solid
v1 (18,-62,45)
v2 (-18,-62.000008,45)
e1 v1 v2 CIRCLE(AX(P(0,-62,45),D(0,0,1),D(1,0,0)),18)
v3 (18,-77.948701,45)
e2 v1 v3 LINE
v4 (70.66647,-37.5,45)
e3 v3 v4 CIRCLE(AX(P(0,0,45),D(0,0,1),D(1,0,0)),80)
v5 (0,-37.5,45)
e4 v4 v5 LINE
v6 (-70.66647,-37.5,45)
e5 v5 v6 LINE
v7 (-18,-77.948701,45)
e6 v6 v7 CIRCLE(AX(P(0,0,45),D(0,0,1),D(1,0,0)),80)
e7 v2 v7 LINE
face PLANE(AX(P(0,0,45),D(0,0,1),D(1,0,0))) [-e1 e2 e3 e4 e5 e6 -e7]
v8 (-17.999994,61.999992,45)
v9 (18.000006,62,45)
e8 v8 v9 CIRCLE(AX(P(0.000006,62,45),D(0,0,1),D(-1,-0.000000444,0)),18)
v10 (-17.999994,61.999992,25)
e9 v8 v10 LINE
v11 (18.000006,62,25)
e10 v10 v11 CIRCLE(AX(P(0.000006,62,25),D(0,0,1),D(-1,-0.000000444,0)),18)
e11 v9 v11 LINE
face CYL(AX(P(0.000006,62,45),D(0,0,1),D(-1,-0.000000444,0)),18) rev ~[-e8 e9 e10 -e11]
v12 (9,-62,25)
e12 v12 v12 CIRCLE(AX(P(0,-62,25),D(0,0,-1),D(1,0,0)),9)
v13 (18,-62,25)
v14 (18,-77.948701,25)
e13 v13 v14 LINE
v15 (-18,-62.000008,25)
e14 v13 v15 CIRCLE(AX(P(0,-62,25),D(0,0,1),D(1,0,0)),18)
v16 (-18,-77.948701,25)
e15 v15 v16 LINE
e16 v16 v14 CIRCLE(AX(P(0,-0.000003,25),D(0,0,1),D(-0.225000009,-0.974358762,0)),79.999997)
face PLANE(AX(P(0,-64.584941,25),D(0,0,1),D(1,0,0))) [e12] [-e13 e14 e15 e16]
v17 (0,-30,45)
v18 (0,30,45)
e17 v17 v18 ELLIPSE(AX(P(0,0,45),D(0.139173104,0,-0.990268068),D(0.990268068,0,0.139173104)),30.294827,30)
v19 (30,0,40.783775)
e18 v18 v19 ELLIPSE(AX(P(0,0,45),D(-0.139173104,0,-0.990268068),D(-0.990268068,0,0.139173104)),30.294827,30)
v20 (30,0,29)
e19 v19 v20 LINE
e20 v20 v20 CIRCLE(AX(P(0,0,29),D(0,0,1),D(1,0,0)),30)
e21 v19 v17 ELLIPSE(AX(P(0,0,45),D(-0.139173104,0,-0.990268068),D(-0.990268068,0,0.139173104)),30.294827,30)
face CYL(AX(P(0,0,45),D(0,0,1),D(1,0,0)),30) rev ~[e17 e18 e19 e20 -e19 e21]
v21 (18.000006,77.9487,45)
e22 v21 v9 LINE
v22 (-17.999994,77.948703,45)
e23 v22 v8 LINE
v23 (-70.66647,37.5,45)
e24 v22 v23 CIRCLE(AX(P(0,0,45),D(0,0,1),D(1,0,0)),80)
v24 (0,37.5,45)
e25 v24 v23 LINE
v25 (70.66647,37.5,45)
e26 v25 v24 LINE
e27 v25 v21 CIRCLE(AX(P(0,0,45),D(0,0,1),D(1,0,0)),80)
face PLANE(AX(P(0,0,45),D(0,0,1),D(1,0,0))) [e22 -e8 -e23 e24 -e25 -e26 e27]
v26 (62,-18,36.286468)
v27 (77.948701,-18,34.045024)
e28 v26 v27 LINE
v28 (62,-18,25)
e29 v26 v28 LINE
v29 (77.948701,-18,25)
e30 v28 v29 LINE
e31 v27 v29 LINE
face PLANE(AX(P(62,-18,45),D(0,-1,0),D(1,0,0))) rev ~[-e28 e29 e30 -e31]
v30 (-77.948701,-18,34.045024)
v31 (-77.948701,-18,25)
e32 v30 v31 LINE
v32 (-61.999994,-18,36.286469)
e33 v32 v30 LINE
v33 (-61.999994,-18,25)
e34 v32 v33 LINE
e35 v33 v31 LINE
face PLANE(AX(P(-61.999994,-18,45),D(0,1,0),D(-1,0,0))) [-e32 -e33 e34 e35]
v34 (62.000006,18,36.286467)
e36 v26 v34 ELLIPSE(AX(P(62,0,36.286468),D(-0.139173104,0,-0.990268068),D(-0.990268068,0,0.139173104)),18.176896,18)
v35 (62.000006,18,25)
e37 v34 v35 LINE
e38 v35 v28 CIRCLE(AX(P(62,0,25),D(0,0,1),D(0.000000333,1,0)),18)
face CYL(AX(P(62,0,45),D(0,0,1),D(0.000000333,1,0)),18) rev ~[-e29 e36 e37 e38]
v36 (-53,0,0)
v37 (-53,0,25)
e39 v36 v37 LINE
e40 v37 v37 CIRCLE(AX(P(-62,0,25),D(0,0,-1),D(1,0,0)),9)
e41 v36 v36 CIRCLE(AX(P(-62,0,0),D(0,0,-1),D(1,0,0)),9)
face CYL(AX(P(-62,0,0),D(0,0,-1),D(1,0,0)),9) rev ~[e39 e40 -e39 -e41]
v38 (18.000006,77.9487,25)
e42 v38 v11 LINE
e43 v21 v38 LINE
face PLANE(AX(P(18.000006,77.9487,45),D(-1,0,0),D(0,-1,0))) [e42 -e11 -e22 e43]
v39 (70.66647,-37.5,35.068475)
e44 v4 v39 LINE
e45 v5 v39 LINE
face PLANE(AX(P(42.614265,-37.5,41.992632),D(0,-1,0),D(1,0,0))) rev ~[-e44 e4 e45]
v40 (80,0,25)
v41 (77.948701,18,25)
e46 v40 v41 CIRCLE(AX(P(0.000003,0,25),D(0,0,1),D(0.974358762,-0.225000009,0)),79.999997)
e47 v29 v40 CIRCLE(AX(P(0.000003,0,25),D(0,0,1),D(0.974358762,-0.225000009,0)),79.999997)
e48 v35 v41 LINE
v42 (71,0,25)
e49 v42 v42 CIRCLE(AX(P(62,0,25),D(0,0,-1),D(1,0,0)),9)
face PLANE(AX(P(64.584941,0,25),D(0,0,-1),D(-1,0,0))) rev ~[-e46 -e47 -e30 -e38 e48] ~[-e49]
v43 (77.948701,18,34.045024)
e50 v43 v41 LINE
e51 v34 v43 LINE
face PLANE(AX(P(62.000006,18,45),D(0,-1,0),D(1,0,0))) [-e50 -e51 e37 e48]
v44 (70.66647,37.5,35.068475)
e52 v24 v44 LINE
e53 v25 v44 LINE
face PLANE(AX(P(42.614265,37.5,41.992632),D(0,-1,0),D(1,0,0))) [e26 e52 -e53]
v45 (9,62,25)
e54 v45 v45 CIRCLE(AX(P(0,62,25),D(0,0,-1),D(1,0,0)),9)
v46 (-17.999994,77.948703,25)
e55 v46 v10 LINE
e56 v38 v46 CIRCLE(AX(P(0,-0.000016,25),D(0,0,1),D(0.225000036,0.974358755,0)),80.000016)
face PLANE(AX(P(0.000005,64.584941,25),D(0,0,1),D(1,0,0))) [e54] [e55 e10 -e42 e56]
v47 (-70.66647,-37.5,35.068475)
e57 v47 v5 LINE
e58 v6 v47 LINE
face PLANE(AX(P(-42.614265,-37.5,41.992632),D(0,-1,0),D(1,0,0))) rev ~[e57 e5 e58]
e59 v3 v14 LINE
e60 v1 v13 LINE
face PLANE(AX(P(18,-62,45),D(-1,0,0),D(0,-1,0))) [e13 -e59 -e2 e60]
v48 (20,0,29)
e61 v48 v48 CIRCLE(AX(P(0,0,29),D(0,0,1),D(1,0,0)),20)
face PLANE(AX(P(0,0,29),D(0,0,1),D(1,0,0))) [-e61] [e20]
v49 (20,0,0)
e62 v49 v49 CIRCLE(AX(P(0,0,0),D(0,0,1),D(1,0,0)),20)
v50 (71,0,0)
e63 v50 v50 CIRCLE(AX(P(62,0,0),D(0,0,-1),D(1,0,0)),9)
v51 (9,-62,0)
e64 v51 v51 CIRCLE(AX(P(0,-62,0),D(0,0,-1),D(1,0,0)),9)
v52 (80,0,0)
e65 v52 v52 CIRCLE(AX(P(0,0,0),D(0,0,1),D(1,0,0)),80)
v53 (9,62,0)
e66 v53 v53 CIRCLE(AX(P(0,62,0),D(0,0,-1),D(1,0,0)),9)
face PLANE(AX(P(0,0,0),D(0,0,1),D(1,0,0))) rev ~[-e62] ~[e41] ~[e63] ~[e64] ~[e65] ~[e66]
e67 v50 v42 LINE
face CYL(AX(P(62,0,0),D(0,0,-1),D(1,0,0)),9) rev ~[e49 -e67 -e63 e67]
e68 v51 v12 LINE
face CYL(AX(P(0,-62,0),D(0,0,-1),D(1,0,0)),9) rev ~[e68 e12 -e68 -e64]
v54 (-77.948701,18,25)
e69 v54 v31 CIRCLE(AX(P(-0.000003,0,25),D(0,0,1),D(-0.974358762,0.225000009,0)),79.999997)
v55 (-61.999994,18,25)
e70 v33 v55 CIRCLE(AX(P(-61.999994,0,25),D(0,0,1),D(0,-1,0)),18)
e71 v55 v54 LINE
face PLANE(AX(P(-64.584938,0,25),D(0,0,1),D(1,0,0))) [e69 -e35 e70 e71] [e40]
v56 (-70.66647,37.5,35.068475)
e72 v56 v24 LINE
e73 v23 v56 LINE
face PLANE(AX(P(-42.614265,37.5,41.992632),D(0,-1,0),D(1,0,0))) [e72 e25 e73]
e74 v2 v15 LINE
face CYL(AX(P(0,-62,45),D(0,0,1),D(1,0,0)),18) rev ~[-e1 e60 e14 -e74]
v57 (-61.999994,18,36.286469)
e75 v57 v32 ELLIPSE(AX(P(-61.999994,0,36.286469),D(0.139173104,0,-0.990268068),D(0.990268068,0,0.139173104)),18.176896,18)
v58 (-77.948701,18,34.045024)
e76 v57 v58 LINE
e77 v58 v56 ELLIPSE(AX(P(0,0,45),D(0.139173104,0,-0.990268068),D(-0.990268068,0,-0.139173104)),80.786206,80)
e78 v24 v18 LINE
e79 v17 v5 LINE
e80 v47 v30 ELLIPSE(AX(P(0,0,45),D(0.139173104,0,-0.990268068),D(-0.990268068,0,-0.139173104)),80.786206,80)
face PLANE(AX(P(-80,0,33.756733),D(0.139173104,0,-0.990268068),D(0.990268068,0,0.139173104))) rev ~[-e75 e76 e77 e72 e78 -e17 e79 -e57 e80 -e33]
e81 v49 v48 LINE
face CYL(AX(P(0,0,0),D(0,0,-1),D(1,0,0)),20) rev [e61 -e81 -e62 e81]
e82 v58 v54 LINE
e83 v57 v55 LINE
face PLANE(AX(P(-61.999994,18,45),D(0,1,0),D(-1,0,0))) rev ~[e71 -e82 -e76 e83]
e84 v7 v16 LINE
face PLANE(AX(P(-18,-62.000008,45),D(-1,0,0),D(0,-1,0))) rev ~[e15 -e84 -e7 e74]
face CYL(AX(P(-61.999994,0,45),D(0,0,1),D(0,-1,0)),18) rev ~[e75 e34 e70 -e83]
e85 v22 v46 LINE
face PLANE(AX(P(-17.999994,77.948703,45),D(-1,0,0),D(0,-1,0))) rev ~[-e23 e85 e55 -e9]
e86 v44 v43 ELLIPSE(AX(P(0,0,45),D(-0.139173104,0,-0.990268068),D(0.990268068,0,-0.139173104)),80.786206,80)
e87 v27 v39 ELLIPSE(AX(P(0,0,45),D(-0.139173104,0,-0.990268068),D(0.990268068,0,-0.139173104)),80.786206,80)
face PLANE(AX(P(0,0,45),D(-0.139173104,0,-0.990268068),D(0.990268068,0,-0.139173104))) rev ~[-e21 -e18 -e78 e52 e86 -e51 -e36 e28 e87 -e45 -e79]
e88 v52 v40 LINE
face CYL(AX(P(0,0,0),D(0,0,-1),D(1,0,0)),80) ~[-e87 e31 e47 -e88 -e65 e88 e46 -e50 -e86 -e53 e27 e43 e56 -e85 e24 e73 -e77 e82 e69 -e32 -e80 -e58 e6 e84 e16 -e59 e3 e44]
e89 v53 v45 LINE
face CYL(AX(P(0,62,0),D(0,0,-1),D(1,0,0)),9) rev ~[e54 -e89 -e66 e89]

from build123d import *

# Parameters (mm, degrees)
SKETCH005_R     = 20
PAD003_DEPTH    = 29
PAD002_DEPTH    = 37.5
PAD001_DEPTH    = 37.5
SKETCH_R        = 80
PAD_DEPTH       = 45
SKETCH001_R     = 9
POCKET_DEPTH    = 25
POCKET001_DEPTH = 20
SKETCH006_R     = 30
POCKET002_DEPTH = 16


with BuildPart() as eje_central:
    # Sketch005 → Pad003 (new body)
    with BuildSketch(Plane.XY):
        Circle(SKETCH005_R)
    extrude(amount=PAD003_DEPTH)


with BuildPart() as corte_izquierdo:
    # Sketch004 → Pad002 (new body, symmetric)
    with BuildSketch(Plane.XZ):
        Polygon((0, 45), (-80, 45), (-80, 33.756733), align=None)
    extrude(amount=PAD002_DEPTH, both=True)


with BuildPart() as corte_derecho:
    # Sketch003 → Pad001 (new body, symmetric)
    with BuildSketch(Plane.XZ):
        Polygon((80, 45), (0, 45), (80, 33.756733), align=None)
    extrude(amount=PAD001_DEPTH, both=True)


with BuildPart() as pieza:
    # Sketch → Pad (new body)
    with BuildSketch(Plane.XY):
        Circle(SKETCH_R)
    extrude(amount=PAD_DEPTH)

    # Sketch001 (on Face2 of Pad) → Pocket (cut)
    with BuildSketch(Plane(origin=(0, 0, 0), x_dir=(1, 0, 0), z_dir=(0, 0, -1))):
        with Locations((62, 0)):
            Circle(SKETCH001_R)
        with Locations((0, 62)):
            Circle(SKETCH001_R)
        with Locations((-62, 0)):
            Circle(SKETCH001_R)
        with Locations((0, -62)):
            Circle(SKETCH001_R)
    extrude(amount=-POCKET_DEPTH, mode=Mode.SUBTRACT)

    # Sketch002 (on Face3 of Pocket) → Pocket001 (cut)
    with BuildSketch(Plane.XY.offset(45)):
        with BuildLine():
            ThreePointArc((-18, -77.948701), (0, -80), (18, -77.948701))
            Line((18, -62), (18, -77.948701))
            ThreePointArc((18, -62), (-4e-06, -44), (-18, -62.000008))
            Line((-18, -62.000008), (-18, -77.948701))
        make_face()
        with BuildLine():
            ThreePointArc((18.000006, 77.9487), (6e-06, 80), (-17.999994, 77.948703))
            Line((-17.999994, 77.948703), (-17.999994, 61.999992))
            ThreePointArc((-17.999994, 61.999992), (1e-05, 44), (18.000006, 62))
            Line((18.000006, 77.9487), (18.000006, 62))
        make_face()
        with BuildLine():
            Line((62.000006, 18), (77.948701, 18))
            ThreePointArc((77.948701, -18), (80, 0), (77.948701, 18))
            Line((62, -18), (77.948701, -18))
            ThreePointArc((62.000006, 18), (44, 3e-06), (62, -18))
        make_face()
        with BuildLine():
            Line((-61.999994, 18), (-77.948701, 18))
            ThreePointArc((-77.948701, 18), (-80, 0), (-77.948701, -18))
            Line((-61.999994, -18), (-77.948701, -18))
            ThreePointArc((-61.999994, -18), (-43.999994, 0), (-61.999994, 18))
        make_face()
    extrude(amount=-POCKET001_DEPTH, mode=Mode.SUBTRACT)

    # Sketch006 (on Face5 of Pocket001) → Pocket002 (cut)
    with BuildSketch(Plane.XY.offset(45)):
        Circle(SKETCH006_R)
    extrude(amount=-POCKET002_DEPTH, mode=Mode.SUBTRACT)

    # Cut: cut Corte derecho
    add(corte_derecho.part, mode=Mode.SUBTRACT)

    # Cut001: cut Corte izquierdo
    add(corte_izquierdo.part, mode=Mode.SUBTRACT)

    # Cut002: cut Eje Central
    add(eje_central.part, mode=Mode.SUBTRACT)


solid = pieza.part
